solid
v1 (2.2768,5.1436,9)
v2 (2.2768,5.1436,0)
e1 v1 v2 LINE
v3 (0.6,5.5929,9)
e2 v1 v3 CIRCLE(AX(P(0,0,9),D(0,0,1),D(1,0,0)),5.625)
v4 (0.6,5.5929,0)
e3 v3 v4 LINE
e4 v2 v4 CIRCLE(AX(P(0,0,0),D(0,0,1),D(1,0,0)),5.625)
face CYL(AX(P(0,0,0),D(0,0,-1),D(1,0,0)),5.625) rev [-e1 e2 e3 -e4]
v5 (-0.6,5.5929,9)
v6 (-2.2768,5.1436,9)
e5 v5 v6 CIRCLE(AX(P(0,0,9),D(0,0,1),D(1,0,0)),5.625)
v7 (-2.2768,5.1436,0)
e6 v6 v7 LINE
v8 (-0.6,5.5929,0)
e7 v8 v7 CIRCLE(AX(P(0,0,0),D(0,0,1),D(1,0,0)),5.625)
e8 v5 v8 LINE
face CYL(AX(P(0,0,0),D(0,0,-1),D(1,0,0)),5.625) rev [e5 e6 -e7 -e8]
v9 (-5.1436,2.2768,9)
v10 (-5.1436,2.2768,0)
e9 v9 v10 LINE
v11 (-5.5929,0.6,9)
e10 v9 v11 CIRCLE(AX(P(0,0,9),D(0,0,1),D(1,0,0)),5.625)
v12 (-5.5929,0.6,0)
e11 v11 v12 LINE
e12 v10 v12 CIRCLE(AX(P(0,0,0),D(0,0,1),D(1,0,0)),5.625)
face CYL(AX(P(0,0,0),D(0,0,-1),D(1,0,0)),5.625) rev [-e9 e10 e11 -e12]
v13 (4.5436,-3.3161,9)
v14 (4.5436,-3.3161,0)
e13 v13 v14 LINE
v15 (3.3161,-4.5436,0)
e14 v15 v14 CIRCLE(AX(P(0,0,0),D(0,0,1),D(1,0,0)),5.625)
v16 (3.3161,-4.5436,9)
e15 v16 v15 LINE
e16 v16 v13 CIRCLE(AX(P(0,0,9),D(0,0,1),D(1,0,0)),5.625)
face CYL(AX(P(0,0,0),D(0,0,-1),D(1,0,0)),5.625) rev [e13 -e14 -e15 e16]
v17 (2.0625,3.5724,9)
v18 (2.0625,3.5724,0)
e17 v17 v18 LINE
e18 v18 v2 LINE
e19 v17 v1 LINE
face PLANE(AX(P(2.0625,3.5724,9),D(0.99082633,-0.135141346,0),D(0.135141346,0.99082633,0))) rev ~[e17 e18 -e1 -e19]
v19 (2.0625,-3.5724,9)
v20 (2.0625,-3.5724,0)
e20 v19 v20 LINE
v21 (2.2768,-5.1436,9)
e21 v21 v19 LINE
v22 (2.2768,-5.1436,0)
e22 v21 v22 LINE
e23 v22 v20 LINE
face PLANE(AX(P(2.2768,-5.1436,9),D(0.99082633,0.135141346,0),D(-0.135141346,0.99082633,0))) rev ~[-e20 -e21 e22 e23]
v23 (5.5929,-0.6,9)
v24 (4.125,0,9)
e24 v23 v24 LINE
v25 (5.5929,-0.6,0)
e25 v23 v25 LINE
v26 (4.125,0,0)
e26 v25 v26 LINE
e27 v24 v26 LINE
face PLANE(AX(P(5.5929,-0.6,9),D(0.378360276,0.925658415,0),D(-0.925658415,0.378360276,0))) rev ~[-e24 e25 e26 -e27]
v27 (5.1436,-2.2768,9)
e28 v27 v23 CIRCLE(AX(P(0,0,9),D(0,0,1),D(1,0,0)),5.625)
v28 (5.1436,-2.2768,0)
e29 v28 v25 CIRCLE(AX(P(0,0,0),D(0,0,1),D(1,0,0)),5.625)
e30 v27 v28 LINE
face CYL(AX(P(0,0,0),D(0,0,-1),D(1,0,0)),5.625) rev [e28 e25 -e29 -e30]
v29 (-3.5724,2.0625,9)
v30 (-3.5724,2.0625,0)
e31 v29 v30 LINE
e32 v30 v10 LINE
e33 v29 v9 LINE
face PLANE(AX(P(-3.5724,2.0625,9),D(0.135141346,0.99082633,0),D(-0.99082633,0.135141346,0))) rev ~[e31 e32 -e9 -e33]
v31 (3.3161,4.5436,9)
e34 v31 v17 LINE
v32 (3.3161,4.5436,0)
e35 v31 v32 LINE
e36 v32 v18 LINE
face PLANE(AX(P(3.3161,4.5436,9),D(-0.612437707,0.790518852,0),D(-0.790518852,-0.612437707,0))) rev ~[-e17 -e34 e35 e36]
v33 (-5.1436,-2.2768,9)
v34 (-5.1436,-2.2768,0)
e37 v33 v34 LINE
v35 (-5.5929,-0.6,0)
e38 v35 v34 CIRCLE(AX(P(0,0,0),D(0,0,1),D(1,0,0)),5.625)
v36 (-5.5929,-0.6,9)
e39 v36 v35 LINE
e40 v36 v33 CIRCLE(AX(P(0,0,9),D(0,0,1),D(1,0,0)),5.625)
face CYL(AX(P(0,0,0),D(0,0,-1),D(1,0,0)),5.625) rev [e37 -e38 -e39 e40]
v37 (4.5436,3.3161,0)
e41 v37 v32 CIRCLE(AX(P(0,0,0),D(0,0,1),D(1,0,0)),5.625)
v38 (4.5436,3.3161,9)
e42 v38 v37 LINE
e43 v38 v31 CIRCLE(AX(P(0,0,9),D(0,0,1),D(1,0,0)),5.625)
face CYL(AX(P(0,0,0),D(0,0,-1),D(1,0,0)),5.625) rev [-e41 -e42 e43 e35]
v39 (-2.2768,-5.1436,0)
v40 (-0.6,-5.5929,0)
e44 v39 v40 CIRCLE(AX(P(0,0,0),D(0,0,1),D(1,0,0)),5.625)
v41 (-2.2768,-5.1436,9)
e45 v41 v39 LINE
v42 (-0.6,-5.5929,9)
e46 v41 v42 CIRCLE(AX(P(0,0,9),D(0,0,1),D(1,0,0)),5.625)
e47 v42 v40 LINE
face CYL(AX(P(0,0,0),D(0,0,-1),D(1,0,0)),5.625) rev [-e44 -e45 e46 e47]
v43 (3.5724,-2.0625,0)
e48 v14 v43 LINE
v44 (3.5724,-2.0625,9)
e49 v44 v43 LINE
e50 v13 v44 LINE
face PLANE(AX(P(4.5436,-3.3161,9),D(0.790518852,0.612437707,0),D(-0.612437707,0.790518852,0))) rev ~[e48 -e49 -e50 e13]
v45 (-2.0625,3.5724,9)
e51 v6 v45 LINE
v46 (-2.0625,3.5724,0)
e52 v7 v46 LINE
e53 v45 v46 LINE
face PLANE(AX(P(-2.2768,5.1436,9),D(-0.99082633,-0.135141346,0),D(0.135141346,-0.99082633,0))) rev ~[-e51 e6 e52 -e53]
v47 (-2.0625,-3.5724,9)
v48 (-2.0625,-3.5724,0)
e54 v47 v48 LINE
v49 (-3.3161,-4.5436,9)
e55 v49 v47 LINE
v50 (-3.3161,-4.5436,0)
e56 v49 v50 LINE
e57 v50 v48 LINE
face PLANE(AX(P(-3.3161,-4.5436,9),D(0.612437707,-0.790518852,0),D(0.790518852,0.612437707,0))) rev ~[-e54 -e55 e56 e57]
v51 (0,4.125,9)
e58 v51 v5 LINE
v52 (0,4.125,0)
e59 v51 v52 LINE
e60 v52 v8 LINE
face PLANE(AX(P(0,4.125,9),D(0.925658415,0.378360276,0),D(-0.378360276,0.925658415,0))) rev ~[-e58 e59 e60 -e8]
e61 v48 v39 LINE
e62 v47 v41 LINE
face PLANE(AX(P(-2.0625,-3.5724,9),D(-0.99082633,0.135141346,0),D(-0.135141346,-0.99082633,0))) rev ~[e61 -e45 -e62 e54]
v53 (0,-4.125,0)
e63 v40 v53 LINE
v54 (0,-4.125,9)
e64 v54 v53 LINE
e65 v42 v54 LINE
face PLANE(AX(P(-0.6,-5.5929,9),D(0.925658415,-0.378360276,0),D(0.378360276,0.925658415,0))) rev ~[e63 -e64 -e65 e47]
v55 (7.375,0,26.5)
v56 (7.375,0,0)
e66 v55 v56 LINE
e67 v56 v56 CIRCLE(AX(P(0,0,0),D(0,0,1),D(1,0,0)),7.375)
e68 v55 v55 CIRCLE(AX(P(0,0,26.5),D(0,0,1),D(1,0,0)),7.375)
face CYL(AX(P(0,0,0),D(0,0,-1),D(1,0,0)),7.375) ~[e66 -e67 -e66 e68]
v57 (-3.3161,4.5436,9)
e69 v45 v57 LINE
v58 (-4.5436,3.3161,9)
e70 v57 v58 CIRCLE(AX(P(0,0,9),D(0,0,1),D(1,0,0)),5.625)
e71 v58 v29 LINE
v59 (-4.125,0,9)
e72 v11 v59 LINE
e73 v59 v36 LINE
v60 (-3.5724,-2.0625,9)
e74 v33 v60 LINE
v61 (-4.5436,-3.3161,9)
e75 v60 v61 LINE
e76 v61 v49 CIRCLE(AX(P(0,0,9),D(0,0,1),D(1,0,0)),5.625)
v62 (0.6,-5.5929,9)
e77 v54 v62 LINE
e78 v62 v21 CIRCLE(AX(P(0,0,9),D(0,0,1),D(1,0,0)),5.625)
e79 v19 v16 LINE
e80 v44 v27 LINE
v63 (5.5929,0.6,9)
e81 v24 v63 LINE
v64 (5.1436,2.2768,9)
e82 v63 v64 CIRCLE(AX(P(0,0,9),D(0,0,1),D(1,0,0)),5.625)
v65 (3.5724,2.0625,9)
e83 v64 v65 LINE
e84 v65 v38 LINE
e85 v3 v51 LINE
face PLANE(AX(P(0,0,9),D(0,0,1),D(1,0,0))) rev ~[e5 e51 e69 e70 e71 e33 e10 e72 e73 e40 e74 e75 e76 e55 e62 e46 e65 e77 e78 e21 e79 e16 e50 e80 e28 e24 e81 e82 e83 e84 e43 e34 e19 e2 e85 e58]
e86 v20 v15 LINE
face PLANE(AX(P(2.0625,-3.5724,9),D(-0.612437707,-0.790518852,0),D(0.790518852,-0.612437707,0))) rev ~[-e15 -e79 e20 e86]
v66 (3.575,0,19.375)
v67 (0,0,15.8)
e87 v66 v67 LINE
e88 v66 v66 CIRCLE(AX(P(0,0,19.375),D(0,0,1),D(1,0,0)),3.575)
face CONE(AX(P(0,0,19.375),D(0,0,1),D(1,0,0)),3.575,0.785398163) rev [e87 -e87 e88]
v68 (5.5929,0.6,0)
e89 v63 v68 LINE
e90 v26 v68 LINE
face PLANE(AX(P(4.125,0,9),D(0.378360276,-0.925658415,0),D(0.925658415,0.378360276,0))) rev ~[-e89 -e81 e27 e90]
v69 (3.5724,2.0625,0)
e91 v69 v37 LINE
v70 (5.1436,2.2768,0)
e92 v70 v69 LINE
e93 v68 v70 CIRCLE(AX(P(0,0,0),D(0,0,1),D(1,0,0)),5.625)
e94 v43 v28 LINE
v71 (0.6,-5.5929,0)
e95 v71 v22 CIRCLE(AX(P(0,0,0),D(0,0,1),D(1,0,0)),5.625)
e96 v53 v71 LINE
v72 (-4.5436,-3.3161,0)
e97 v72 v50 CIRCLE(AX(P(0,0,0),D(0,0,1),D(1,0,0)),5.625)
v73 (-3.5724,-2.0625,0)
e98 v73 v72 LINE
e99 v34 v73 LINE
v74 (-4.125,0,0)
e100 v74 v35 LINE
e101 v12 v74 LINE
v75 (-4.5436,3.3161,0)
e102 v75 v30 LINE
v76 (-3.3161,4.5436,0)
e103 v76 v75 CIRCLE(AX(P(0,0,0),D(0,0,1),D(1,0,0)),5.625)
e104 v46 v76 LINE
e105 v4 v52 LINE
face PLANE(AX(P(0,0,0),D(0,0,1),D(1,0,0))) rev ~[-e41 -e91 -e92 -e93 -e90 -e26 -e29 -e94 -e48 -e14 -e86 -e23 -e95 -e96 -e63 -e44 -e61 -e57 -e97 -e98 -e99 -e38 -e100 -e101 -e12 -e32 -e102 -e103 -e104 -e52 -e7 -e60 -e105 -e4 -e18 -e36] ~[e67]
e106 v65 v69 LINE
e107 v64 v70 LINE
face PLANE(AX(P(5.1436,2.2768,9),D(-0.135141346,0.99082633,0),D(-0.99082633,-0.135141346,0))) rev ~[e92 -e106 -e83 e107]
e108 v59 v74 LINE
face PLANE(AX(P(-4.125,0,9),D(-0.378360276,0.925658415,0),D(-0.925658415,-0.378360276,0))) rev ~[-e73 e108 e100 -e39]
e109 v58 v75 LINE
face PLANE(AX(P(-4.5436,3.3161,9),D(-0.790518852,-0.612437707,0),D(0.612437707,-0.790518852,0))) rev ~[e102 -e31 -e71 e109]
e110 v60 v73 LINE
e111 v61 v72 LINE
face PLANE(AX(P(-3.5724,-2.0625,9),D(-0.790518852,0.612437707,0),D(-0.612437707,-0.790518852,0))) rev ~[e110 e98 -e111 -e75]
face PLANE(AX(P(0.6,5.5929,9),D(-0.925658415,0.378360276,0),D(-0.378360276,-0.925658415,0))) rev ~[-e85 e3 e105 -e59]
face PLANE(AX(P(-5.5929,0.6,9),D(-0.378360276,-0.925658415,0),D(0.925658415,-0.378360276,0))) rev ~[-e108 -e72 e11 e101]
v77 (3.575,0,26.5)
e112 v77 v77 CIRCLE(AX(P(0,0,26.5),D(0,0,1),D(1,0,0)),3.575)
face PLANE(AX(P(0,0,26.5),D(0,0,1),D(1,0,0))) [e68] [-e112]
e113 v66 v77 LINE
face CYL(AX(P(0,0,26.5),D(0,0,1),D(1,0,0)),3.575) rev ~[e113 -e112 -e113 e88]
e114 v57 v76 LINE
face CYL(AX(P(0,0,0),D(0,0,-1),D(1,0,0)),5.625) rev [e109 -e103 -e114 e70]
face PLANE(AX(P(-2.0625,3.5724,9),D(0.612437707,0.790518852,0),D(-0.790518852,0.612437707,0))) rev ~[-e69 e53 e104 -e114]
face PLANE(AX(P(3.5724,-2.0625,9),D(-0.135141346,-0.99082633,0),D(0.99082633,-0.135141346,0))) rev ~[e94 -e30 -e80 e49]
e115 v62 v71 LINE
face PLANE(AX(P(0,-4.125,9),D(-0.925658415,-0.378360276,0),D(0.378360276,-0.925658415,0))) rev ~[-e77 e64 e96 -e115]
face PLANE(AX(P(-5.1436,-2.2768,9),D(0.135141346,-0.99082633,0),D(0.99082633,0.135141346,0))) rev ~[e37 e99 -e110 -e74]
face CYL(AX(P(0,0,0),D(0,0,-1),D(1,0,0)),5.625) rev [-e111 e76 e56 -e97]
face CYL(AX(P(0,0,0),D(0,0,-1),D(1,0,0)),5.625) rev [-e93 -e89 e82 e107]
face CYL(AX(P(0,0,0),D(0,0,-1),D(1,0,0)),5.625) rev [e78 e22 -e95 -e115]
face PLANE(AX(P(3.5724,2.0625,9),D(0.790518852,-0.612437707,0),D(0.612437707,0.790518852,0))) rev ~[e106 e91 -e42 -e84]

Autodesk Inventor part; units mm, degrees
ref_plane "YZ Plane" through (0, 0, 0) normal (1, 0, 0) x (0, 1, 0)
ref_plane "XZ Plane" through (0, 0, 0) normal (0, 1, 0) x (-1, 0, 0)
ref_plane "XY Plane" through (0, 0, 0) normal (0, 0, 1) x (1, 0, 0)
sketch "Sketch1" plane through (0, 0, 0) normal (0, 0, 1) x (1, 0, 0)
  circle A0 centre (0, 0) radius 5.625
  circle A1 centre (0, 0) radius 7.375
  dimension "d0" = 11.25
  dimension "d1" = 14.75
extrude "Extrusion1" add sketch "Sketch1" along normal blind 9
sketch "Sketch2" plane through (0, 0, 9) normal (0, 0, 1) x (1, 0, 0)
  circle A0 centre (0, 0) radius 7.375 projected
  circle A1 centre (0, 0) radius 7.375
extrude "Extrusion2" add sketch "Sketch2" along normal blind 17.5
sketch "Sketch3" plane through (0, 0, 26.5) normal (0, 0, 1) x (1, 0, 0)
  circle A0 centre (0, 0) radius 7.375 projected
  circle A1 centre (0, 0) radius 3.575
  dimension "d6" = 7.15
extrude "Extrusion3" cut sketch "Sketch3" against normal blind 7.5 contours A1
sketch "Sketch4" plane through (0, 0, 19) normal (0, 0, 1) x (1, 0, 0)
  circle A0 centre (0, 0) radius 3.575 projected
  circle A1 centre (0, 0) radius 3.575
extrude "Extrusion4" cut sketch "Sketch4" against normal blind 3.2
chamfer "Chamfer1" distance 3.575 angle 45 1 edges at (-3.575, 0, 15.8)
sketch "Sketch5" plane through (0, 0, 9) normal (0, 0, -1) x (-1, 0, 0)
  circle A0 centre (0, 0) radius 5.625 projected
  line L0 (-0.6, 5.5929) -> (0, 4.125)
  line L1 (0, 4.125) -> (0.6, 5.5929)
  arc A1 (0.6, 5.5929) -> (-0.6, 5.5929) centre (0, 0) ccw
  line L2 (-3.3161, 4.5436) -> (-2.0625, 3.5724)
  line L3 (-2.0625, 3.5724) -> (-2.2768, 5.1436)
  arc A2 (-2.2768, 5.1436) -> (-3.3161, 4.5436) centre (0, 0) ccw
  line L4 (-5.1436, 2.2768) -> (-3.5724, 2.0625)
  line L5 (-3.5724, 2.0625) -> (-4.5436, 3.3161)
  arc A3 (-4.5436, 3.3161) -> (-5.1436, 2.2768) centre (0, 0) ccw
  line L6 (-5.5929, -0.6) -> (-4.125, 0)
  line L7 (-4.125, 0) -> (-5.5929, 0.6)
  arc A4 (-5.5929, 0.6) -> (-5.5929, -0.6) centre (0, 0) ccw
  line L8 (-4.5436, -3.3161) -> (-3.5724, -2.0625)
  line L9 (-3.5724, -2.0625) -> (-5.1436, -2.2768)
  arc A5 (-5.1436, -2.2768) -> (-4.5436, -3.3161) centre (0, 0) ccw
  line L10 (-2.2768, -5.1436) -> (-2.0625, -3.5724)
  line L11 (-2.0625, -3.5724) -> (-3.3161, -4.5436)
  arc A6 (-3.3161, -4.5436) -> (-2.2768, -5.1436) centre (0, 0) ccw
  line L12 (0.6, -5.5929) -> (0, -4.125)
  line L13 (0, -4.125) -> (-0.6, -5.5929)
  arc A7 (-0.6, -5.5929) -> (0.6, -5.5929) centre (0, 0) ccw
  line L14 (3.3161, -4.5436) -> (2.0625, -3.5724)
  line L15 (2.0625, -3.5724) -> (2.2768, -5.1436)
  arc A8 (2.2768, -5.1436) -> (3.3161, -4.5436) centre (0, 0) ccw
  line L16 (5.1436, -2.2768) -> (3.5724, -2.0625)
  line L17 (3.5724, -2.0625) -> (4.5436, -3.3161)
  arc A9 (4.5436, -3.3161) -> (5.1436, -2.2768) centre (0, 0) ccw
  line L18 (5.5929, 0.6) -> (4.125, 0)
  line L19 (4.125, 0) -> (5.5929, -0.6)
  arc A10 (5.5929, -0.6) -> (5.5929, 0.6) centre (0, 0) ccw
  line L20 (4.5436, 3.3161) -> (3.5724, 2.0625)
  line L21 (3.5724, 2.0625) -> (5.1436, 2.2768)
  arc A11 (5.1436, 2.2768) -> (4.5436, 3.3161) centre (0, 0) ccw
  line L22 (2.2768, 5.1436) -> (2.0625, 3.5724)
  line L23 (2.0625, 3.5724) -> (3.3161, 4.5436)
  arc A12 (3.3161, 4.5436) -> (2.2768, 5.1436) centre (0, 0) ccw
  point P0 (0, 5.625)
  point P1 (-2.8125, 4.8714)
  point P2 (-4.8714, 2.8125)
  point P3 (-5.625, 0)
  point P4 (-4.8714, -2.8125)
  point P5 (-2.8125, -4.8714)
  point P6 (0, -5.625)
  point P7 (2.8125, -4.8714)
  point P8 (4.8714, -2.8125)
  point P9 (5.625, 0)
  point P10 (4.8714, 2.8125)
  point P11 (2.8125, 4.8714)
  dimension "d16" = 1.5
  dimension "d17" = 0.6
  dimension "d18" = 0
  dimension "d19" = 0
  dimension "d20" = 0.6
  dimension "d23" = 360
extrude "Extrusion5" add sketch "Sketch5" along normal blind 9 contours A0 L19 L18 | L21 L20 A0 | A0 L17 L16 | L23 L22 A0 | A0 L15 L14 | L1 L0 A0 | A0 L13 L12 | L3 L2 A0 | A0 L11 L10 | L5 L4 A0 | A0 L9 L8 | L7 L6 A0
properties part number "shaft coupler"
